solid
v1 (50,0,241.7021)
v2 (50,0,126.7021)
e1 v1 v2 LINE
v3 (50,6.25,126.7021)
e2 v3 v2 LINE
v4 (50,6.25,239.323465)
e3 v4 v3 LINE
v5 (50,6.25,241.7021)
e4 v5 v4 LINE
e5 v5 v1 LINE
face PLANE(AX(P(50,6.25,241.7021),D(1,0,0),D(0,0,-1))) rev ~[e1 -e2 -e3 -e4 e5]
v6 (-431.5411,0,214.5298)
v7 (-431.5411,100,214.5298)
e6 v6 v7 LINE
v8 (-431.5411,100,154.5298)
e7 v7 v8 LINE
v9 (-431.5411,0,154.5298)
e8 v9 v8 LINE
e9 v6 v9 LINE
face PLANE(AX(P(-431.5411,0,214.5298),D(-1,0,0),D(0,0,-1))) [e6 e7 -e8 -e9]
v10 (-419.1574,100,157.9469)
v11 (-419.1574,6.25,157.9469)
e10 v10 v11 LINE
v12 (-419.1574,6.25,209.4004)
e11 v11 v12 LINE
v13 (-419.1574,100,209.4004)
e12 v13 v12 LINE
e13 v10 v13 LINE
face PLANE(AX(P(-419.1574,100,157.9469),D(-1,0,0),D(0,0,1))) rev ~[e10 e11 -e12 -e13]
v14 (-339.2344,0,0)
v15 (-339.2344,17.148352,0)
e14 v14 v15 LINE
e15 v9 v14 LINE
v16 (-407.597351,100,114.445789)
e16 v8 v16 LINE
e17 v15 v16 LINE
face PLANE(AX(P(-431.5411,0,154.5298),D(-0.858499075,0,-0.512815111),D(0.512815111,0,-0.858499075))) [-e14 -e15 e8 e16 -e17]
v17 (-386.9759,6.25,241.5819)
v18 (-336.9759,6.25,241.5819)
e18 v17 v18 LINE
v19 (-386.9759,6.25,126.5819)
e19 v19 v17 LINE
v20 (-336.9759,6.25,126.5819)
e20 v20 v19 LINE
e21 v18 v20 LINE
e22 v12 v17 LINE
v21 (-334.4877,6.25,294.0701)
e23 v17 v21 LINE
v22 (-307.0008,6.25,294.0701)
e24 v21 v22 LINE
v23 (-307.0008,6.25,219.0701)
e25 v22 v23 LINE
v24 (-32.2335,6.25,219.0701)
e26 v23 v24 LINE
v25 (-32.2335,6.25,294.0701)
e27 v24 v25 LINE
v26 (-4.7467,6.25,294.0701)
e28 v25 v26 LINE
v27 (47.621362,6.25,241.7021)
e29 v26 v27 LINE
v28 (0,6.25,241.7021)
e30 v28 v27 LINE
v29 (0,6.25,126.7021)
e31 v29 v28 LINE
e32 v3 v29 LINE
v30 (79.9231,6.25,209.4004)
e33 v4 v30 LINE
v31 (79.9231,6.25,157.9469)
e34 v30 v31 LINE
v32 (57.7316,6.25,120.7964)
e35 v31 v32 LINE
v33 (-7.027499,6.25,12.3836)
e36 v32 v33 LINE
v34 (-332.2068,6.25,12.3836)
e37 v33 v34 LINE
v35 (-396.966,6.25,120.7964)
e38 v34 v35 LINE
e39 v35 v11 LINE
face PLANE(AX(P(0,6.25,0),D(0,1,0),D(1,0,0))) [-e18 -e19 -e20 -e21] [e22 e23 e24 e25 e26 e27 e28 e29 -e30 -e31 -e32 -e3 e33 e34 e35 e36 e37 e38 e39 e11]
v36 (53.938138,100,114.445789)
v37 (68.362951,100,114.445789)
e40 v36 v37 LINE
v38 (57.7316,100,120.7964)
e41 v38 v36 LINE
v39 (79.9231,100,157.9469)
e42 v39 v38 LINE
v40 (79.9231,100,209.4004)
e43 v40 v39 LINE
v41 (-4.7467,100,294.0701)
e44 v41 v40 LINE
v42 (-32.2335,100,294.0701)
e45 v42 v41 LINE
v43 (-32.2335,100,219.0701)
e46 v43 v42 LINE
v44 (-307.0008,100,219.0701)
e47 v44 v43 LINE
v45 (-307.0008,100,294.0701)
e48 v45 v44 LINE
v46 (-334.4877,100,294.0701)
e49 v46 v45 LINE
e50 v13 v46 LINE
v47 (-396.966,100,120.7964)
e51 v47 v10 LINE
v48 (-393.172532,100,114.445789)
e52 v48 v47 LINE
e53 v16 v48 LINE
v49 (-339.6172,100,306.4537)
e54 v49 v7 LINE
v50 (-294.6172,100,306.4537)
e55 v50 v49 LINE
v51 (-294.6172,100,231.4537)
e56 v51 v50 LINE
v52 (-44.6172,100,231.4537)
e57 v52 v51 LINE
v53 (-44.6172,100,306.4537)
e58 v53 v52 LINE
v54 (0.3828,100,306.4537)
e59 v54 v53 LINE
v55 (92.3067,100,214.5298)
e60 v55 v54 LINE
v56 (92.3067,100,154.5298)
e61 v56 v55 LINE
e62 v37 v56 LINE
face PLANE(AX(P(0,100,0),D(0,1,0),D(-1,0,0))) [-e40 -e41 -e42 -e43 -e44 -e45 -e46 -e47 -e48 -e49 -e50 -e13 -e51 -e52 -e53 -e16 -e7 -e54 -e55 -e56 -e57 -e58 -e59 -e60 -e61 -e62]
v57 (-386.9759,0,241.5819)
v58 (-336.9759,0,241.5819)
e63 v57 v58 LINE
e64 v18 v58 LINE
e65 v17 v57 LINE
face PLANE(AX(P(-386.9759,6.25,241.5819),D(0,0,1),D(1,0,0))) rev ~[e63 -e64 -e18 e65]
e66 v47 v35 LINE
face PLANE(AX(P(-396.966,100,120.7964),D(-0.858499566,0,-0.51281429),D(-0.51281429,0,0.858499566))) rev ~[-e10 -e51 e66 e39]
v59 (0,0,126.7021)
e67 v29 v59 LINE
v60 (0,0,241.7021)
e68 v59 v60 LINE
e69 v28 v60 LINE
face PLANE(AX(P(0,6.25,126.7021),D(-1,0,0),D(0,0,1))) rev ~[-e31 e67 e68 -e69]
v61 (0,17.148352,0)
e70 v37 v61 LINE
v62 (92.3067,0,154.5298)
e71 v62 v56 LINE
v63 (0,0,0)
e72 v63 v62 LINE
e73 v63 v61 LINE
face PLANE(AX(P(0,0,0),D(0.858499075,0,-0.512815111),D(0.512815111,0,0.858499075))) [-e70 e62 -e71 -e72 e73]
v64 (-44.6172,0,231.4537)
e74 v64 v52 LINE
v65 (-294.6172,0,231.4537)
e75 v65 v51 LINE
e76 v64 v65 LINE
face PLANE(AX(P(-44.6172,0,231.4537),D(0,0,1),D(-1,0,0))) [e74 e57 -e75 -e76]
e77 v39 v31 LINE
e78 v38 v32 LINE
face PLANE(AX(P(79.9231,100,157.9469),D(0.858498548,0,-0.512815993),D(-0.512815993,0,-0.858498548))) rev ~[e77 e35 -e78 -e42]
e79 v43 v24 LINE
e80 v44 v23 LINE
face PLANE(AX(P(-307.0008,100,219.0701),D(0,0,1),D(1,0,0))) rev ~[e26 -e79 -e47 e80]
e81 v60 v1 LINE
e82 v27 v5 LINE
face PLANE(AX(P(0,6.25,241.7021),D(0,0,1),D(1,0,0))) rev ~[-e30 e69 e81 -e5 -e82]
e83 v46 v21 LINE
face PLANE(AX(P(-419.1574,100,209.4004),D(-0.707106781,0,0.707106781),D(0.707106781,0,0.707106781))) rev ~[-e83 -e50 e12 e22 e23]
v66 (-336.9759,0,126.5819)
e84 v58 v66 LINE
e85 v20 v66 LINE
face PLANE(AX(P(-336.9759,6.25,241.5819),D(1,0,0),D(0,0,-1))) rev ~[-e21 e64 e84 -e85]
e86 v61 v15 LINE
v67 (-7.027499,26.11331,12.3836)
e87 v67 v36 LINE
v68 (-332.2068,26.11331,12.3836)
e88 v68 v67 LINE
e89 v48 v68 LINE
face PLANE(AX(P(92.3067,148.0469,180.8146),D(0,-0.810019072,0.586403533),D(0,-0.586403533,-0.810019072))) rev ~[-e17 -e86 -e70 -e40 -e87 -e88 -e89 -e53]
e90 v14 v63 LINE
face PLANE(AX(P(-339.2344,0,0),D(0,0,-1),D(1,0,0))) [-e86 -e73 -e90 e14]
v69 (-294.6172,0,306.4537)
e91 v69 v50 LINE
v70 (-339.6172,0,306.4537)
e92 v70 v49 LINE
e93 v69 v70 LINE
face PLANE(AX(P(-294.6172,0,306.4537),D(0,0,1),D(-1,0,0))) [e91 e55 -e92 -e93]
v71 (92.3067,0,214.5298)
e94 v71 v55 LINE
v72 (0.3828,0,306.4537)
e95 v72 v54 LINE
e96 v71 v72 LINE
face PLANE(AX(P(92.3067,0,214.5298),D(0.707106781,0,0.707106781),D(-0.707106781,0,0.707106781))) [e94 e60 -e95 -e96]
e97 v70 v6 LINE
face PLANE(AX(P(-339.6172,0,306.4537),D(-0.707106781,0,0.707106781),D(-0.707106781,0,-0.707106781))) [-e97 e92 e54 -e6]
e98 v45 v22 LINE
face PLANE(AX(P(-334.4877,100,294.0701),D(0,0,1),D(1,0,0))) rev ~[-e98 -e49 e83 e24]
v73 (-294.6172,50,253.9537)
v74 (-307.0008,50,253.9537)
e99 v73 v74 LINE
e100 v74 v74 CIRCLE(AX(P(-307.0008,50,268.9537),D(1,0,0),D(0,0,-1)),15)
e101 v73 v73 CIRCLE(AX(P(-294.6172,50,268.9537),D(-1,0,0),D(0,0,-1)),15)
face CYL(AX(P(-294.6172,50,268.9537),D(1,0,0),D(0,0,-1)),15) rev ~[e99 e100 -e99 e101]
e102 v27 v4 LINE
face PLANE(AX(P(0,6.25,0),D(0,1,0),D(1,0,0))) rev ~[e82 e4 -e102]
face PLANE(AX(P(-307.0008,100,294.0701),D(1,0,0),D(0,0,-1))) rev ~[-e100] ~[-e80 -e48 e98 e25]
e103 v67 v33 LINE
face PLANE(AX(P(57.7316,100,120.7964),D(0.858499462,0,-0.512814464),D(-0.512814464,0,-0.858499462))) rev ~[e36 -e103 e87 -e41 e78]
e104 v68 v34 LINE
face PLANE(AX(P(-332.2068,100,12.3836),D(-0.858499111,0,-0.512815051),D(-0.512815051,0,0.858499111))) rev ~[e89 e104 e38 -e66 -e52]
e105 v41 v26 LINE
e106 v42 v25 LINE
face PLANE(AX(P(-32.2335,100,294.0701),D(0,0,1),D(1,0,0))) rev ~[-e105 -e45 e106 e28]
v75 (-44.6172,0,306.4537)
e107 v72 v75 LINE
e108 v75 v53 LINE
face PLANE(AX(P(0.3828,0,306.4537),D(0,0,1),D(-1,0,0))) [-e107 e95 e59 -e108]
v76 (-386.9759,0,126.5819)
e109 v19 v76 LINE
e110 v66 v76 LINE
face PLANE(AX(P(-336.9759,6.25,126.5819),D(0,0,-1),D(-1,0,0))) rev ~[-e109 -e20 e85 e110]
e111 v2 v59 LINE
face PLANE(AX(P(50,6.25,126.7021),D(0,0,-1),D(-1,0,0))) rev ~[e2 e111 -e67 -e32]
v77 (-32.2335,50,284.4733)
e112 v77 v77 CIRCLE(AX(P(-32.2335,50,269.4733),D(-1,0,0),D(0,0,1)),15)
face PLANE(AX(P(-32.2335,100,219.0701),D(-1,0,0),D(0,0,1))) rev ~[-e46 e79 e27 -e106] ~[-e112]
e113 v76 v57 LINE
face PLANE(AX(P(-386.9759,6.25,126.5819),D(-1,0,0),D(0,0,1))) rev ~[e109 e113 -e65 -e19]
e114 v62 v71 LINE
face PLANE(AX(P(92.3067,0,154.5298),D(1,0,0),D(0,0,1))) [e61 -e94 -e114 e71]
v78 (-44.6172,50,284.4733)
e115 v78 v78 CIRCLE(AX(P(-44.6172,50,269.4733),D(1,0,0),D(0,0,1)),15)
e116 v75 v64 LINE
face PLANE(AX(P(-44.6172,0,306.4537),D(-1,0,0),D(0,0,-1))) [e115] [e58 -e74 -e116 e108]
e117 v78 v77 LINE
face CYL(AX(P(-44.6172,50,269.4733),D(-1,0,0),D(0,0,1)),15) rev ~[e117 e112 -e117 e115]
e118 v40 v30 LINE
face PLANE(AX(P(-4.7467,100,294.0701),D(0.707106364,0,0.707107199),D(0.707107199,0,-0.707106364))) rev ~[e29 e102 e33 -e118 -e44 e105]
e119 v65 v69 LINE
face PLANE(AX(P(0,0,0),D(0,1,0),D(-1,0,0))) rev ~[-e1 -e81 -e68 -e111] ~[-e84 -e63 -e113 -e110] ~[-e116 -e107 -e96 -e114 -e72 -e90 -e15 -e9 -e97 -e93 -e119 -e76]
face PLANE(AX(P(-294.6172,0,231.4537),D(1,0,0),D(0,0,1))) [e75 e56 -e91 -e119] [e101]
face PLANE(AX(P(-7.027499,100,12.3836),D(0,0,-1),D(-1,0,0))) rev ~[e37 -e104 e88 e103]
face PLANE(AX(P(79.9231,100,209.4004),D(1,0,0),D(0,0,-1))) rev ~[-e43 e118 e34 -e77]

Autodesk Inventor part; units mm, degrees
ref_plane "YZ Plane" through (0, 0, 0) normal (1, 0, 0) x (0, 1, 0)
ref_plane "XZ Plane" through (0, 0, 0) normal (0, 1, 0) x (-1, 0, 0)
ref_plane "XY Plane" through (0, 0, 0) normal (0, 0, 1) x (1, 0, 0)
sketch "Эскиз1" plane through (0, 0, 0) normal (0, 1, 0) x (-1, 0, 0)
  line L0 (0, 0) -> (-92.3067, 154.5298)
  line L1 (-92.3067, 154.5298) -> (-92.3067, 214.5298)
  line L2 (-92.3067, 214.5298) -> (-0.3828, 306.4537)
  line L3 (-0.3828, 306.4537) -> (44.6172, 306.4537)
  line L4 (44.6172, 306.4537) -> (44.6172, 231.4537)
  line L5 (44.6172, 231.4537) -> (294.6172, 231.4537)
  line L6 (294.6172, 231.4537) -> (294.6172, 306.4537)
  line L7 (294.6172, 306.4537) -> (339.6172, 306.4537)
  line L8 (339.6172, 306.4537) -> (431.5411, 214.5298)
  line L9 (431.5411, 214.5298) -> (431.5411, 154.5298)
  line L10 (431.5411, 154.5298) -> (339.2344, 0)
  line L11 (339.2344, 0) -> (-0.7656, 0)
  point P0 (-92.3067, 184.5298)
  point P1 (431.5411, 184.5298)
  point P2 (-46.1534, 77.2649)
  point P3 (385.3877, 77.2649)
  point P4 (-46.3448, 260.4918)
  point P5 (385.5791, 260.4918)
  point P6 (294.6172, 268.9537)
  point P7 (44.6172, 268.9537)
  dimension "d0" = 180
  dimension "d1" = 130
  dimension "d2" = 45
  dimension "d3" = 75
  dimension "d4" = 60
  dimension "d5" = 180
  dimension "d6" = 250
  dimension "d7" = 340
extrude "Выдавливание1" add sketch "Эскиз1" along normal blind 100
sketch "Эскиз2" plane through (0, 100, 0) normal (0, 1, 0) x (1, 0, 0)
  point P0 (0, 0)
sketch "Эскиз3" plane through (92.3067, 0, 214.5298) normal (1, 0, 0) x (0, 0, -1)
  line L0 (33.7152, 148.0469) -> (238.2174, 0)
  line L1 (238.2174, 0) -> (332.909, 130.8007)
  line L2 (332.909, 130.8007) -> (135.9663, 223.0574)
  line L3 (135.9663, 223.0574) -> (33.7152, 148.0469)
  point P0 (214.5298, 0)
extrude "Выдавливание2" cut sketch "Эскиз3" against normal blind 600.5
sketch "Эскиз4" plane through (-407.5973, 100, 114.4458) normal (0, 0.81, -0.5864) x (1, 0, 0)
  line L0 (68.363, 141.2878) -> (407.5973, 141.2878) projected
  line L1 (407.5973, 141.2878) -> (475.9603, 0) projected
  line L2 (499.904, -32.4688) -> (475.9603, 0) projected
  line L3 (499.904, -81.0699) -> (499.904, -32.4688) projected
  line L4 (407.9801, -155.53) -> (499.904, -81.0699) projected
sketch "Эскиз5" plane through (0, 100, 0) normal (0, 1, 0) x (1, 0, 0)
  line L0 (-431.5411, -214.5298) -> (-339.6172, -306.4537) projected
  line L1 (-339.6172, -306.4537) -> (-294.6172, -306.4537) projected
  line L2 (-431.5411, -154.5298) -> (-431.5411, -214.5298) projected
  line L3 (-407.5973, -114.4458) -> (-431.5411, -154.5298) projected
  line L4 (-407.5973, -114.4458) -> (-339.2344, 0) projected
  line L5 (-339.2344, 0) -> (0, 0) projected
  line L6 (0, 0) -> (68.363, -114.4458) projected
  line L7 (92.3067, -154.5298) -> (68.363, -114.4458) projected
  line L8 (92.3067, -214.5298) -> (92.3067, -154.5298) projected
  line L9 (0.3828, -306.4537) -> (92.3067, -214.5298) projected
  line L10 (-44.6172, -306.4537) -> (0.3828, -306.4537) projected
  line L11 (-44.6172, -231.4537) -> (-44.6172, -306.4537) projected
  line L12 (-294.6172, -231.4537) -> (-44.6172, -231.4537) projected
  line L13 (-294.6172, -306.4537) -> (-294.6172, -231.4537) projected
  line L14 (0, -12.3836) -> (-332.2068, -12.3836)
  line L15 (-332.2068, -12.3836) -> (-396.966, -120.7964)
  line L16 (-396.966, -120.7964) -> (-419.1574, -157.9469)
  line L17 (-419.1574, -157.9469) -> (-419.1574, -209.4004)
  line L18 (-419.1574, -209.4004) -> (-334.4877, -294.0701)
  line L19 (-334.4877, -294.0701) -> (-307.0008, -294.0701)
  line L20 (-307.0008, -294.0701) -> (-307.0008, -219.0701)
  line L21 (-307.0008, -219.0701) -> (-32.2335, -219.0701)
  line L22 (-32.2335, -219.0701) -> (-32.2335, -294.0701)
  line L23 (-32.2335, -294.0701) -> (-4.7467, -294.0701)
  line L24 (-4.7467, -294.0701) -> (79.9231, -209.4004)
  line L25 (79.9231, -209.4004) -> (79.9231, -157.9469)
  line L26 (79.9231, -157.9469) -> (57.7316, -120.7964)
  line L27 (57.7316, -120.7964) -> (-10.6313, -6.3505)
  point P0 (-7.0275, -12.3836)
extrude "Выдавливание3" cut sketch "Эскиз5" against normal blind 93.75 contours L27 L26 L25 L24 L23 L22 L21 L20 L19 L18 L17 L16 L15 L14
sketch "Эскиз6" plane through (0, 6.25, 0) normal (0, 1, 0) x (1, 0, 0)
  line L0 (0, -241.7021) -> (50, -241.7021)
  line L1 (50, -241.7021) -> (50, -126.7021)
  line L2 (50, -126.7021) -> (0, -126.7021)
  line L3 (0, -126.7021) -> (0, -241.7021)
  line L4 (-334.4877, -294.0701) -> (-419.1574, -209.4004) projected
  line L5 (-386.9759, -241.5819) -> (-336.9759, -241.5819)
  line L6 (-336.9759, -241.5819) -> (-336.9759, -126.5819)
  line L7 (-336.9759, -126.5819) -> (-386.9759, -126.5819)
  line L8 (-386.9759, -126.5819) -> (-386.9759, -241.5819)
  point P0 (0, 0)
  point P1 (50, -184.2021)
  point P2 (0, -184.2021)
  point P3 (-336.9759, -184.0819)
  point P4 (-386.9759, -184.0819)
  point P5 (-361.9759, -241.5819)
  point P6 (-361.9759, -126.5819)
  point P7 (25, -241.7021)
  point P8 (25, -126.7021)
  dimension "d23" = 50
  dimension "d24" = 50
  dimension "d25" = 115
  dimension "d26" = 115
  dimension "d27" = 336.9759
extrude "Выдавливание4" cut sketch "Эскиз6" against normal blind 93.75
sketch "Эскиз7" plane through (-294.6172, 0, 306.4537) normal (1, 0, 0) x (0, 0, -1)
  line L0 (0, 100) -> (75, 100) projected
  line L1 (37.5, 100) -> (37.5, 0)
  line L2 (0, 0) -> (75, 0) projected
  line L3 (75, 0) -> (75, 100) projected
  line L4 (75, 50) -> (0, 50)
  line L5 (0, 0) -> (0, 100) projected
  circle A0 centre (37.5, 50) radius 15
  line L6 (-95.282, 50) -> (-21.0844, 50)
  line L7 (-58.1832, 95.9679) -> (-58.1832, 0)
  circle A1 centre (-58.1832, 47.9839) radius 15
  point P0 (306.4537, 0)
  dimension "d30" = 30
  dimension "d31" = 30
extrude "Выдавливание5" cut sketch "Эскиз7" against normal blind 20 contours A0 L4 L1 | L1 L4 A0 | L4 L1 A0 | L4 A0 L1 | A1 L7 L6 | L6 L7 A1 | L7 A1 L6 | L6 A1 L7
sketch "Эскиз8" plane through (-294.6172, 0, 231.4537) normal (0, 0, 1) x (1, 0, 0)
  point P0 (294.6172, 0)
sketch "Эскиз9" plane through (-44.6172, 0, 231.4537) normal (-1, 0, 0) x (0, 0, 1)
  line L0 (0, 0) -> (75, 0) projected
  line L1 (37.5, 0) -> (37.5, 100)
  line L2 (62.6164, 100) -> (-12.3836, 100) projected
  line L3 (75, 0) -> (75, 100) projected
  line L4 (75, 50) -> (1.0391, 50)
  line L5 (1.0391, 50) -> (0, 50)
  line L6 (0, 0) -> (0, 100) projected
  circle A0 centre (38.0196, 50) radius 15
  point P0 (-231.4537, 0)
  dimension "d34" = 30
extrude "Выдавливание6" cut sketch "Эскиз9" against normal blind 20 contours A0 L4 L1 | L1 L4 A0 | L4 A0 L1 | L1 A0 L4
properties part number "корпус"
